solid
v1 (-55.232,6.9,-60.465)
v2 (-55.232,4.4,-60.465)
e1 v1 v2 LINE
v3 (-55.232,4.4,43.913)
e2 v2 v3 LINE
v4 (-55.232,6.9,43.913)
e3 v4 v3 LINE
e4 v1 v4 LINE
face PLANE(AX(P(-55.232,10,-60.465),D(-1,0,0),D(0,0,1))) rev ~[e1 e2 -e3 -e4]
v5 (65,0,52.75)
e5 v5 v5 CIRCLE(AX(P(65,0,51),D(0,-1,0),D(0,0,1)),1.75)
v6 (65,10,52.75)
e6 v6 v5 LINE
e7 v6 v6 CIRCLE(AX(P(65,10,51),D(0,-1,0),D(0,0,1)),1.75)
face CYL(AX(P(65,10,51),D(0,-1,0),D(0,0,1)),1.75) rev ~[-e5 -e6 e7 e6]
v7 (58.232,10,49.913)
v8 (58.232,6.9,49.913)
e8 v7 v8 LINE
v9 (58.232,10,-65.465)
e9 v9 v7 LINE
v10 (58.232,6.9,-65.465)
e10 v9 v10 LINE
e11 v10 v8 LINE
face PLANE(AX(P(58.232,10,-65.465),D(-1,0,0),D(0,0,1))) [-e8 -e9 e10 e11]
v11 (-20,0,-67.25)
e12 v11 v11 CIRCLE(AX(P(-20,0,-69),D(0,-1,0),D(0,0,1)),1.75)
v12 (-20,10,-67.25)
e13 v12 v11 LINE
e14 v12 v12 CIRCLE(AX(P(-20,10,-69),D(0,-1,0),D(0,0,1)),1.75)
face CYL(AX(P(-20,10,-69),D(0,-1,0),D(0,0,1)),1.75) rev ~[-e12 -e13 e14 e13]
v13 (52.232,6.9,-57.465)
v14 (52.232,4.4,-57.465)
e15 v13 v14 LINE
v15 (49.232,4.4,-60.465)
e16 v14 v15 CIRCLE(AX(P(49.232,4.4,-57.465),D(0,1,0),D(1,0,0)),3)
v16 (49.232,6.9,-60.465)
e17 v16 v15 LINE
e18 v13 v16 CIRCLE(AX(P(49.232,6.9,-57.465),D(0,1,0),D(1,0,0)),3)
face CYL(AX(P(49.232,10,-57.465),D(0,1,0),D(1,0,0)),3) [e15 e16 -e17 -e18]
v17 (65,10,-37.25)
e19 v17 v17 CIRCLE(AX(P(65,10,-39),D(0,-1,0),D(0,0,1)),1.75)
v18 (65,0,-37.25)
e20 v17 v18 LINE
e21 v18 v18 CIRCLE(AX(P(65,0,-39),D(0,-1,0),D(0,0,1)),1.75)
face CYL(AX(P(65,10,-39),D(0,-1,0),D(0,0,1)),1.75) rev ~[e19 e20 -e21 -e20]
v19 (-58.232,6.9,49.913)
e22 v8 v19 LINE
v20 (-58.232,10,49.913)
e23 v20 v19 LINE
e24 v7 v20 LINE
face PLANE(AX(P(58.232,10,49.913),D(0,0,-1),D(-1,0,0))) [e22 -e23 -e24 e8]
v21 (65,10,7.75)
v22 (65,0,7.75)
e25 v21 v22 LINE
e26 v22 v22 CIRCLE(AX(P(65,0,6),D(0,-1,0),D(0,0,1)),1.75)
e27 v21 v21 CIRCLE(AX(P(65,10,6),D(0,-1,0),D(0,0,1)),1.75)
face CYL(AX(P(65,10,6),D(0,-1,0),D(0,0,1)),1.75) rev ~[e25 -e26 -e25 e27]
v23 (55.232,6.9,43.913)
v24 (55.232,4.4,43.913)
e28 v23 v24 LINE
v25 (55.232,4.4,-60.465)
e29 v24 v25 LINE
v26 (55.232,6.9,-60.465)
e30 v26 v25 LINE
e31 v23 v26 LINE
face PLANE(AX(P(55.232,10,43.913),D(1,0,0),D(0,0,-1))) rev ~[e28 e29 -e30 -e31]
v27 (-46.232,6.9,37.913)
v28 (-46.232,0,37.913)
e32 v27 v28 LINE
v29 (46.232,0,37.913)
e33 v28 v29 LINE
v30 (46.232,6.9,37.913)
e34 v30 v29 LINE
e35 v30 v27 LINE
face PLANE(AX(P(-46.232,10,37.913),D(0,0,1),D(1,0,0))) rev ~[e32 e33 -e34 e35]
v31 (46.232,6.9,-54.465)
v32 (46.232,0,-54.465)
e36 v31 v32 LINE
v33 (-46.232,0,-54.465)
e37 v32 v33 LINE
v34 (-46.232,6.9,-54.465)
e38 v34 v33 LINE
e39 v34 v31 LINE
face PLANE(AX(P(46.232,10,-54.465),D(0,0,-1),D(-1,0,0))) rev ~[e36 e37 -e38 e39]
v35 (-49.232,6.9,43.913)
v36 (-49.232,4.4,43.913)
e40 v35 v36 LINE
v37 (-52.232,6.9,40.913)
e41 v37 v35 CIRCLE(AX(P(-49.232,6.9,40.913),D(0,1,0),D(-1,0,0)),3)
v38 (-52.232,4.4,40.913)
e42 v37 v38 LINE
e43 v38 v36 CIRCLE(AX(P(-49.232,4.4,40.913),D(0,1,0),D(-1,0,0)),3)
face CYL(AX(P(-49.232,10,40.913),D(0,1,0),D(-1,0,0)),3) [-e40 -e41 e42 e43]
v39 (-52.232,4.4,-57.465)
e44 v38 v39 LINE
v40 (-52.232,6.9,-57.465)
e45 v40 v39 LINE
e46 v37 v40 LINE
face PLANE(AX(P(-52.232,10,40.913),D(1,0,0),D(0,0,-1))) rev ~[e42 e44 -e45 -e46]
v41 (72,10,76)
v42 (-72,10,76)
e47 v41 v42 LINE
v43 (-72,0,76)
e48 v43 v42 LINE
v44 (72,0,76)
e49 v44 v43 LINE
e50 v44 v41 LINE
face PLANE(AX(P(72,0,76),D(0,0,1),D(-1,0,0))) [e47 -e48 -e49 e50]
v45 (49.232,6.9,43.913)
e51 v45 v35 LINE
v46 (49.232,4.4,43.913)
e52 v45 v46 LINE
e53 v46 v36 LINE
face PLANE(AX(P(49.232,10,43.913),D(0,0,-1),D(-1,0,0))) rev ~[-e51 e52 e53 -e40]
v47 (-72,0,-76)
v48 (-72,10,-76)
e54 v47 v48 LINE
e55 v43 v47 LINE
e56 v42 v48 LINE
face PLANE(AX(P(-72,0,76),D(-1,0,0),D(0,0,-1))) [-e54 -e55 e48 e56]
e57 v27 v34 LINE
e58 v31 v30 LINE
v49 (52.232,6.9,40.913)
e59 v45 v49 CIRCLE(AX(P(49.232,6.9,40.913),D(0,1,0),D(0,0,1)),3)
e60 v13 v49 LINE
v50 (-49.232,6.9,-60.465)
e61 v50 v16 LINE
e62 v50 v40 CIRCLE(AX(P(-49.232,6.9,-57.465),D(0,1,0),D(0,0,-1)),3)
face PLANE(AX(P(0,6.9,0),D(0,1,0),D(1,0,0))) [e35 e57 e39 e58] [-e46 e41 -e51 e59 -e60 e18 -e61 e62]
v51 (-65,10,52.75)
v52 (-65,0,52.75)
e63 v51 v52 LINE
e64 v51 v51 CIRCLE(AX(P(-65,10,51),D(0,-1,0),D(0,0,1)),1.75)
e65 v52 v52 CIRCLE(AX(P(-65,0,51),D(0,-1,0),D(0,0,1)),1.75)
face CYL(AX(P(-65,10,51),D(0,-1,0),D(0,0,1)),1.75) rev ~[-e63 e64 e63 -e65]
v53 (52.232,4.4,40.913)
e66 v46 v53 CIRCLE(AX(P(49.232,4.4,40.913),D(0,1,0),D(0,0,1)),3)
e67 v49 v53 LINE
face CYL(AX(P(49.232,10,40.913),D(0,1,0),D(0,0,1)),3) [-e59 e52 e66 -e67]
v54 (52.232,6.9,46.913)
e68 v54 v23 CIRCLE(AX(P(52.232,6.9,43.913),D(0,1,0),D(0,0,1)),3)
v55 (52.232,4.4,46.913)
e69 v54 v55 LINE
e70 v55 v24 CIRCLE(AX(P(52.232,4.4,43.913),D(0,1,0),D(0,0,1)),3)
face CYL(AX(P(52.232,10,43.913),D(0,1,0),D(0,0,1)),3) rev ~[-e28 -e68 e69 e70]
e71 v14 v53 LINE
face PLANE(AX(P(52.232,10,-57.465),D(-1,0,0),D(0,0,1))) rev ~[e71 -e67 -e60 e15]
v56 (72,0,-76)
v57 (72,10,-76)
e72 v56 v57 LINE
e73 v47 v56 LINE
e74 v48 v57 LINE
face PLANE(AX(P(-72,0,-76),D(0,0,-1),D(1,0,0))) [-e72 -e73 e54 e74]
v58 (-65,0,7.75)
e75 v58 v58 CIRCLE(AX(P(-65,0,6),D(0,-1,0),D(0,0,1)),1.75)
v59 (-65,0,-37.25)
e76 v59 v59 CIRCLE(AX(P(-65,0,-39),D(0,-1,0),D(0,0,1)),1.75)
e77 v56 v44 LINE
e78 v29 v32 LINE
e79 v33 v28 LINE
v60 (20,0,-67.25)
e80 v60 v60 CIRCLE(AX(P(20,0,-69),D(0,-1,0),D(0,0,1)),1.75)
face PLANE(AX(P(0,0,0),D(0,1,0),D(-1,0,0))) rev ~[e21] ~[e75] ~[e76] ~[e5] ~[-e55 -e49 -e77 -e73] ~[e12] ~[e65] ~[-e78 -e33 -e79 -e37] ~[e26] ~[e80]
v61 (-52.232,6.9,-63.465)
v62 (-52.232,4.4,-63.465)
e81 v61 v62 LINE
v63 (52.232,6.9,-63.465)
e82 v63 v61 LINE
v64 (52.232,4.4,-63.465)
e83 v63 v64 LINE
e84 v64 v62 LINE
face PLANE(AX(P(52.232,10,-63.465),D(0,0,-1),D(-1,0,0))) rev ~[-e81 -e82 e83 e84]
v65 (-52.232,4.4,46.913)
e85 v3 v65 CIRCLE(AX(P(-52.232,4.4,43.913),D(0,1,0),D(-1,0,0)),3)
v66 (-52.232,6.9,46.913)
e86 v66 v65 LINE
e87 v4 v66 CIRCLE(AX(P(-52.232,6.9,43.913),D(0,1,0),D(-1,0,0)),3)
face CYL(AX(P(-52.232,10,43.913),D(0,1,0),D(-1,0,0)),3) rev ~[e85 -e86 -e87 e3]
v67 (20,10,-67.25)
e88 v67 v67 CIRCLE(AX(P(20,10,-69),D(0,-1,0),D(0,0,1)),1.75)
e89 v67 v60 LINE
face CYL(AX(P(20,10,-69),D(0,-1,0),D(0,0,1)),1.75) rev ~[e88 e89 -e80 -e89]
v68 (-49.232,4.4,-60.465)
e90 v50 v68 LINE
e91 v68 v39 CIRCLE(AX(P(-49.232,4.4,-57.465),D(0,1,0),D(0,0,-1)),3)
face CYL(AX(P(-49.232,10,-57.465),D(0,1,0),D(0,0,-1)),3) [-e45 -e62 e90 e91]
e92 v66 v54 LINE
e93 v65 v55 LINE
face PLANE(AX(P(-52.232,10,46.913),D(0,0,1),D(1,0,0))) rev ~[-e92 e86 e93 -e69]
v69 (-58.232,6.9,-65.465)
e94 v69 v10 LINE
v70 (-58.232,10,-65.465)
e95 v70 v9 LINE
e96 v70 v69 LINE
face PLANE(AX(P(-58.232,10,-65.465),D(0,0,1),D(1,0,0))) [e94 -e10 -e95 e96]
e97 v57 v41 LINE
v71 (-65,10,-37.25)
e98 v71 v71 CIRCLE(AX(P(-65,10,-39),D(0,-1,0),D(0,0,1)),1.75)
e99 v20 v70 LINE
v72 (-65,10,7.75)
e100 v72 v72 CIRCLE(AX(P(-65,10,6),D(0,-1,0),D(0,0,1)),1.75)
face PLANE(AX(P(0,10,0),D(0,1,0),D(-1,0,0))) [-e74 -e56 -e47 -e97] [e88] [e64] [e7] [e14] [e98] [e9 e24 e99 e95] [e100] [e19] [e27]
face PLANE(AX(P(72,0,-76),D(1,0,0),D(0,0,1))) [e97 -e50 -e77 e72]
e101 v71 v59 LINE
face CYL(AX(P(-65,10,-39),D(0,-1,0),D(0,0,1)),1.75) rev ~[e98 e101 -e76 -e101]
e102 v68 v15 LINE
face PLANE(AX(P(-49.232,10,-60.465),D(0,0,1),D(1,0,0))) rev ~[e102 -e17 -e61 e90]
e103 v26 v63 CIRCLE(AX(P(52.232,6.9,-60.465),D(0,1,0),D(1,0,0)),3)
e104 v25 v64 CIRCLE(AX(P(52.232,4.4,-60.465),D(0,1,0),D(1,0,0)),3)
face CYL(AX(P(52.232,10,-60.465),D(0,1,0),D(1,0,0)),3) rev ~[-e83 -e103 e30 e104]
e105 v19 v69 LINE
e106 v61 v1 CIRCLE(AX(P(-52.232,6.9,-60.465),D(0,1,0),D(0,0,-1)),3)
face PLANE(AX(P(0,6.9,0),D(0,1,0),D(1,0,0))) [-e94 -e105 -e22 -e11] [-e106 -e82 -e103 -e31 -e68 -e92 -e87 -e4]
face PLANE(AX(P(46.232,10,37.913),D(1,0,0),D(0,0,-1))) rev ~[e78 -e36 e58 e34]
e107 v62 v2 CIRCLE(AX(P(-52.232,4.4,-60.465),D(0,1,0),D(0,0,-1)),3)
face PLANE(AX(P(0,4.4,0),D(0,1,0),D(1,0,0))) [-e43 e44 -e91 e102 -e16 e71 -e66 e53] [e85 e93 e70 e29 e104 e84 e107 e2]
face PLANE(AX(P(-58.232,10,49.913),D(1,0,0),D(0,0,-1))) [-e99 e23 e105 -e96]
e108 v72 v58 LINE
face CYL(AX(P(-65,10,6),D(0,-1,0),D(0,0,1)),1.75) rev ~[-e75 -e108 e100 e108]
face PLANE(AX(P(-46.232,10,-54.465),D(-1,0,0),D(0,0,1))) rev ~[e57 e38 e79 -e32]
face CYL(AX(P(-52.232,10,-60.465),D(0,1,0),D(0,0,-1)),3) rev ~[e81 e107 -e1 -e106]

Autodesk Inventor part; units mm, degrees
ref_plane "YZ Plane" through (0, 0, 0) normal (1, 0, 0) x (0, 1, 0)
ref_plane "XZ Plane" through (0, 0, 0) normal (0, 1, 0) x (-1, 0, 0)
ref_plane "XY Plane" through (0, 0, 0) normal (0, 0, 1) x (1, 0, 0)
sketch "Sketch1" plane through (0, 0, 0) normal (0, 1, 0) x (-1, 0, 0)
  line L0 (72, -76) -> (-72, -76)
  line L1 (-72, -76) -> (-72, 76)
  line L2 (-72, 76) -> (72, 76)
  line L3 (72, 76) -> (72, -76)
  line L4 (72, -76) -> (-72, 76) construction
  line L5 (-72, -76) -> (72, 76) construction
  point P0 (0, 0)
  dimension "d3" = 152
  dimension "d4" = 144
extrude "Extrusion1" add sketch "Sketch1" along normal blind 10
sketch "Sketch2" plane through (0, 10, 0) normal (0, 1, 0) x (1, 0, 0)
  line L0 (-9.5175, -400.0105) -> (-9.5175, -295.6322)
  line L1 (-12.5175, -292.6322) -> (-116.9815, -292.6322)
  line L2 (-119.9815, -295.6322) -> (-119.9815, -400.0105)
  line L3 (-116.9815, -403.0105) -> (-12.5175, -403.0105)
  circle A0 centre (0.2505, -407.097) radius 1.7294
  circle A1 centre (-129.7495, -407.097) radius 1.7294
  circle A2 centre (-84.7495, -287.097) radius 1.7294
  line L4 (-18.5175, -301.6322) -> (-110.9815, -301.6322)
  line L5 (-18.5175, -394.0105) -> (-18.5175, -301.6322)
  line L6 (-110.9815, -301.6322) -> (-110.9815, -394.0105)
  line L7 (-110.9815, -394.0105) -> (-18.5175, -394.0105)
  line L8 (-12.5175, -298.6322) -> (-12.5175, -397.0105)
  line L9 (-15.5175, -400.0105) -> (-113.9815, -400.0105)
  line L10 (-116.9815, -397.0105) -> (-116.9815, -298.6322)
  line L11 (-113.9815, -295.6322) -> (-15.5175, -295.6322)
  arc A3 (-116.9815, -397.0105) -> (-113.9815, -400.0105) centre (-113.9815, -397.0105) ccw
  arc A4 (-119.9815, -400.0105) -> (-116.9815, -403.0105) centre (-116.9815, -400.0105) ccw
  arc A5 (-15.5175, -400.0105) -> (-12.5175, -397.0105) centre (-15.5175, -397.0105) ccw
  arc A6 (-12.5175, -403.0105) -> (-9.5175, -400.0105) centre (-12.5175, -400.0105) ccw
  arc A7 (-9.5175, -295.6322) -> (-12.5175, -292.6322) centre (-12.5175, -295.6322) ccw
  arc A8 (-12.5175, -298.6322) -> (-15.5175, -295.6322) centre (-15.5175, -298.6322) ccw
  arc A9 (-116.9815, -292.6322) -> (-119.9815, -295.6322) centre (-116.9815, -295.6322) ccw
  arc A10 (-113.9815, -295.6322) -> (-116.9815, -298.6322) centre (-113.9815, -298.6322) ccw
  line L12 (-46.232, -37.913) -> (46.232, -37.913)
  line L13 (46.232, -37.913) -> (46.232, 54.465)
  line L14 (46.232, 54.465) -> (-46.232, 54.465)
  line L15 (-46.232, 54.465) -> (-46.232, -37.913)
  line L16 (72, -76) -> (72, 76) construction
  line L17 (72, 76) -> (-72, 76) construction
  point P0 (0, 0)
  point P1 (-67.2495, -360.597)
  dimension "d7" = 9
  dimension "d8" = 9
  dimension "d9" = 9
  dimension "d10" = 9
  dimension "d11" = 3
  dimension "d12" = 3
  dimension "d13" = 92.378
  dimension "d14" = 92.464
  dimension "d15" = 25.768
  dimension "d16" = 21.535
  dimension "d19" = 144
  dimension "d20" = 152
extrude "Extrusion2" cut sketch "Sketch2" against normal blind 10 contours L15 L14 L13 L12
sketch "Sketch3" plane through (0, 10, 0) normal (0, 1, 0) x (1, 0, 0)
  line L0 (-46.232, 54.465) -> (46.232, 54.465) construction
  line L1 (72, -76) -> (72, 76) construction
  line L2 (-72, 76) -> (-72, -76) construction
  line L3 (-72, -76) -> (72, -76) construction
  line L4 (72, 76) -> (-72, 76) construction
  point P0 (0, 0)
  point P1 (0, 0)
  point P2 (-65, -6)
  point P3 (-65, 39)
  point P4 (-65, -51)
  point P5 (65, -6)
  point P6 (65, 39)
  point P7 (65, -51)
  point P8 (-20, 69)
  point P9 (20, 69)
  dimension "d21" = 45
  dimension "d22" = 45
  dimension "d23" = 45
  dimension "d24" = 45
  dimension "d25" = 14.535
  dimension "d26" = 14.535
  dimension "d27" = 40
  dimension "d28" = 52
  dimension "d29" = 7
  dimension "d30" = 7
  dimension "d31" = 7
  dimension "d32" = 7
  dimension "d33" = 7
  dimension "d34" = 25
  dimension "d36" = 25
hole "Hole1" at (-65, 10, 6) at (-65, 10, -39) at (-65, 10, 51) at (65, 10, 6) at (65, 10, -39) at (65, 10, 51) at (-20, 10, -69) at (20, 10, -69) direction (0, -1, 0) diameter 3.5 end through all
sketch "Sketch4" plane through (0, 10, 0) normal (0, 1, 0) x (1, 0, 0)
  line L0 (55.232, -43.913) -> (55.232, 60.465)
  line L1 (52.232, 63.465) -> (-52.232, 63.465)
  line L2 (-55.232, 60.465) -> (-55.232, -43.913)
  line L3 (-52.232, -46.913) -> (52.232, -46.913)
  circle A0 centre (502.0315, -140.3134) radius 1.7294
  circle A1 centre (372.0315, -140.3134) radius 1.7294
  circle A2 centre (417.0315, -20.3134) radius 1.7294
  line L4 (46.232, 54.465) -> (-46.232, 54.465)
  line L5 (46.232, -37.913) -> (46.232, 54.465)
  line L6 (-46.232, 54.465) -> (-46.232, -37.913)
  line L7 (-46.232, -37.913) -> (46.232, -37.913)
  line L8 (52.232, 57.465) -> (52.232, -40.913)
  line L9 (49.232, -43.913) -> (-49.232, -43.913)
  line L10 (-52.232, -40.913) -> (-52.232, 57.465)
  line L11 (-49.232, 60.465) -> (49.232, 60.465)
  arc A3 (-52.232, -40.913) -> (-49.232, -43.913) centre (-49.232, -40.913) ccw
  arc A4 (-55.232, -43.913) -> (-52.232, -46.913) centre (-52.232, -43.913) ccw
  arc A5 (49.232, -43.913) -> (52.232, -40.913) centre (49.232, -40.913) ccw
  arc A6 (52.232, -46.913) -> (55.232, -43.913) centre (52.232, -43.913) ccw
  arc A7 (55.232, 60.465) -> (52.232, 63.465) centre (52.232, 60.465) ccw
  arc A8 (52.232, 57.465) -> (49.232, 60.465) centre (49.232, 57.465) ccw
  arc A9 (-52.232, 63.465) -> (-55.232, 60.465) centre (-52.232, 60.465) ccw
  arc A10 (-49.232, 60.465) -> (-52.232, 57.465) centre (-49.232, 57.465) ccw
  line L12 (-46.232, 54.465) -> (46.232, 54.465) projected
  line L13 (46.232, -37.913) -> (-46.232, -37.913) projected
  line L14 (46.232, 54.465) -> (46.232, -37.913) projected
  line L15 (-46.232, -37.913) -> (-46.232, 54.465) projected
  point P0 (0, 0)
  point P1 (-14.6695, 0.7102)
  dimension "d44" = 9
  dimension "d45" = 9
  dimension "d46" = 9
  dimension "d47" = 9
  dimension "d48" = 3
  dimension "d49" = 3
  dimension "d51" = 0
  dimension "d52" = 0
  dimension "d53" = 0
  dimension "d54" = 0
extrude "Extrusion3" cut sketch "Sketch4" against normal blind 2.5 contours A6 L3 A4 L2 A9 L1 A7 L0
sketch "Sketch5" plane through (0, 10, 0) normal (0, 1, 0) x (1, 0, 0)
  line L0 (58.232, -49.913) -> (-58.232, -49.913)
  line L1 (-58.232, -49.913) -> (-58.232, 65.465)
  line L2 (-58.232, 65.465) -> (58.232, 65.465)
  line L3 (58.232, 65.465) -> (58.232, -49.913)
  line L4 (72, 76) -> (-72, 76) projected
  line L5 (-55.232, -43.913) -> (-55.232, 60.465) projected
  line L6 (55.232, 60.465) -> (55.232, -43.913) projected
  line L7 (52.232, -46.913) -> (-52.232, -46.913) projected
  line L8 (-52.232, 63.465) -> (52.232, 63.465) projected
  point P0 (0, 0)
  point P1 (58.232, 76)
  point P2 (-58.232, 76)
  dimension "d58" = 3
  dimension "d59" = 3
  dimension "d60" = 3
  dimension "d65" = 2
extrude "Extrusion4" cut sketch "Sketch5" against normal blind 3.1
extrude "Extrusion5" cut sketch "Sketch4" against normal blind 5.6 contours A6 L3 A4 L2 A9 L1 A7 L0
properties part number "Glass holder"
